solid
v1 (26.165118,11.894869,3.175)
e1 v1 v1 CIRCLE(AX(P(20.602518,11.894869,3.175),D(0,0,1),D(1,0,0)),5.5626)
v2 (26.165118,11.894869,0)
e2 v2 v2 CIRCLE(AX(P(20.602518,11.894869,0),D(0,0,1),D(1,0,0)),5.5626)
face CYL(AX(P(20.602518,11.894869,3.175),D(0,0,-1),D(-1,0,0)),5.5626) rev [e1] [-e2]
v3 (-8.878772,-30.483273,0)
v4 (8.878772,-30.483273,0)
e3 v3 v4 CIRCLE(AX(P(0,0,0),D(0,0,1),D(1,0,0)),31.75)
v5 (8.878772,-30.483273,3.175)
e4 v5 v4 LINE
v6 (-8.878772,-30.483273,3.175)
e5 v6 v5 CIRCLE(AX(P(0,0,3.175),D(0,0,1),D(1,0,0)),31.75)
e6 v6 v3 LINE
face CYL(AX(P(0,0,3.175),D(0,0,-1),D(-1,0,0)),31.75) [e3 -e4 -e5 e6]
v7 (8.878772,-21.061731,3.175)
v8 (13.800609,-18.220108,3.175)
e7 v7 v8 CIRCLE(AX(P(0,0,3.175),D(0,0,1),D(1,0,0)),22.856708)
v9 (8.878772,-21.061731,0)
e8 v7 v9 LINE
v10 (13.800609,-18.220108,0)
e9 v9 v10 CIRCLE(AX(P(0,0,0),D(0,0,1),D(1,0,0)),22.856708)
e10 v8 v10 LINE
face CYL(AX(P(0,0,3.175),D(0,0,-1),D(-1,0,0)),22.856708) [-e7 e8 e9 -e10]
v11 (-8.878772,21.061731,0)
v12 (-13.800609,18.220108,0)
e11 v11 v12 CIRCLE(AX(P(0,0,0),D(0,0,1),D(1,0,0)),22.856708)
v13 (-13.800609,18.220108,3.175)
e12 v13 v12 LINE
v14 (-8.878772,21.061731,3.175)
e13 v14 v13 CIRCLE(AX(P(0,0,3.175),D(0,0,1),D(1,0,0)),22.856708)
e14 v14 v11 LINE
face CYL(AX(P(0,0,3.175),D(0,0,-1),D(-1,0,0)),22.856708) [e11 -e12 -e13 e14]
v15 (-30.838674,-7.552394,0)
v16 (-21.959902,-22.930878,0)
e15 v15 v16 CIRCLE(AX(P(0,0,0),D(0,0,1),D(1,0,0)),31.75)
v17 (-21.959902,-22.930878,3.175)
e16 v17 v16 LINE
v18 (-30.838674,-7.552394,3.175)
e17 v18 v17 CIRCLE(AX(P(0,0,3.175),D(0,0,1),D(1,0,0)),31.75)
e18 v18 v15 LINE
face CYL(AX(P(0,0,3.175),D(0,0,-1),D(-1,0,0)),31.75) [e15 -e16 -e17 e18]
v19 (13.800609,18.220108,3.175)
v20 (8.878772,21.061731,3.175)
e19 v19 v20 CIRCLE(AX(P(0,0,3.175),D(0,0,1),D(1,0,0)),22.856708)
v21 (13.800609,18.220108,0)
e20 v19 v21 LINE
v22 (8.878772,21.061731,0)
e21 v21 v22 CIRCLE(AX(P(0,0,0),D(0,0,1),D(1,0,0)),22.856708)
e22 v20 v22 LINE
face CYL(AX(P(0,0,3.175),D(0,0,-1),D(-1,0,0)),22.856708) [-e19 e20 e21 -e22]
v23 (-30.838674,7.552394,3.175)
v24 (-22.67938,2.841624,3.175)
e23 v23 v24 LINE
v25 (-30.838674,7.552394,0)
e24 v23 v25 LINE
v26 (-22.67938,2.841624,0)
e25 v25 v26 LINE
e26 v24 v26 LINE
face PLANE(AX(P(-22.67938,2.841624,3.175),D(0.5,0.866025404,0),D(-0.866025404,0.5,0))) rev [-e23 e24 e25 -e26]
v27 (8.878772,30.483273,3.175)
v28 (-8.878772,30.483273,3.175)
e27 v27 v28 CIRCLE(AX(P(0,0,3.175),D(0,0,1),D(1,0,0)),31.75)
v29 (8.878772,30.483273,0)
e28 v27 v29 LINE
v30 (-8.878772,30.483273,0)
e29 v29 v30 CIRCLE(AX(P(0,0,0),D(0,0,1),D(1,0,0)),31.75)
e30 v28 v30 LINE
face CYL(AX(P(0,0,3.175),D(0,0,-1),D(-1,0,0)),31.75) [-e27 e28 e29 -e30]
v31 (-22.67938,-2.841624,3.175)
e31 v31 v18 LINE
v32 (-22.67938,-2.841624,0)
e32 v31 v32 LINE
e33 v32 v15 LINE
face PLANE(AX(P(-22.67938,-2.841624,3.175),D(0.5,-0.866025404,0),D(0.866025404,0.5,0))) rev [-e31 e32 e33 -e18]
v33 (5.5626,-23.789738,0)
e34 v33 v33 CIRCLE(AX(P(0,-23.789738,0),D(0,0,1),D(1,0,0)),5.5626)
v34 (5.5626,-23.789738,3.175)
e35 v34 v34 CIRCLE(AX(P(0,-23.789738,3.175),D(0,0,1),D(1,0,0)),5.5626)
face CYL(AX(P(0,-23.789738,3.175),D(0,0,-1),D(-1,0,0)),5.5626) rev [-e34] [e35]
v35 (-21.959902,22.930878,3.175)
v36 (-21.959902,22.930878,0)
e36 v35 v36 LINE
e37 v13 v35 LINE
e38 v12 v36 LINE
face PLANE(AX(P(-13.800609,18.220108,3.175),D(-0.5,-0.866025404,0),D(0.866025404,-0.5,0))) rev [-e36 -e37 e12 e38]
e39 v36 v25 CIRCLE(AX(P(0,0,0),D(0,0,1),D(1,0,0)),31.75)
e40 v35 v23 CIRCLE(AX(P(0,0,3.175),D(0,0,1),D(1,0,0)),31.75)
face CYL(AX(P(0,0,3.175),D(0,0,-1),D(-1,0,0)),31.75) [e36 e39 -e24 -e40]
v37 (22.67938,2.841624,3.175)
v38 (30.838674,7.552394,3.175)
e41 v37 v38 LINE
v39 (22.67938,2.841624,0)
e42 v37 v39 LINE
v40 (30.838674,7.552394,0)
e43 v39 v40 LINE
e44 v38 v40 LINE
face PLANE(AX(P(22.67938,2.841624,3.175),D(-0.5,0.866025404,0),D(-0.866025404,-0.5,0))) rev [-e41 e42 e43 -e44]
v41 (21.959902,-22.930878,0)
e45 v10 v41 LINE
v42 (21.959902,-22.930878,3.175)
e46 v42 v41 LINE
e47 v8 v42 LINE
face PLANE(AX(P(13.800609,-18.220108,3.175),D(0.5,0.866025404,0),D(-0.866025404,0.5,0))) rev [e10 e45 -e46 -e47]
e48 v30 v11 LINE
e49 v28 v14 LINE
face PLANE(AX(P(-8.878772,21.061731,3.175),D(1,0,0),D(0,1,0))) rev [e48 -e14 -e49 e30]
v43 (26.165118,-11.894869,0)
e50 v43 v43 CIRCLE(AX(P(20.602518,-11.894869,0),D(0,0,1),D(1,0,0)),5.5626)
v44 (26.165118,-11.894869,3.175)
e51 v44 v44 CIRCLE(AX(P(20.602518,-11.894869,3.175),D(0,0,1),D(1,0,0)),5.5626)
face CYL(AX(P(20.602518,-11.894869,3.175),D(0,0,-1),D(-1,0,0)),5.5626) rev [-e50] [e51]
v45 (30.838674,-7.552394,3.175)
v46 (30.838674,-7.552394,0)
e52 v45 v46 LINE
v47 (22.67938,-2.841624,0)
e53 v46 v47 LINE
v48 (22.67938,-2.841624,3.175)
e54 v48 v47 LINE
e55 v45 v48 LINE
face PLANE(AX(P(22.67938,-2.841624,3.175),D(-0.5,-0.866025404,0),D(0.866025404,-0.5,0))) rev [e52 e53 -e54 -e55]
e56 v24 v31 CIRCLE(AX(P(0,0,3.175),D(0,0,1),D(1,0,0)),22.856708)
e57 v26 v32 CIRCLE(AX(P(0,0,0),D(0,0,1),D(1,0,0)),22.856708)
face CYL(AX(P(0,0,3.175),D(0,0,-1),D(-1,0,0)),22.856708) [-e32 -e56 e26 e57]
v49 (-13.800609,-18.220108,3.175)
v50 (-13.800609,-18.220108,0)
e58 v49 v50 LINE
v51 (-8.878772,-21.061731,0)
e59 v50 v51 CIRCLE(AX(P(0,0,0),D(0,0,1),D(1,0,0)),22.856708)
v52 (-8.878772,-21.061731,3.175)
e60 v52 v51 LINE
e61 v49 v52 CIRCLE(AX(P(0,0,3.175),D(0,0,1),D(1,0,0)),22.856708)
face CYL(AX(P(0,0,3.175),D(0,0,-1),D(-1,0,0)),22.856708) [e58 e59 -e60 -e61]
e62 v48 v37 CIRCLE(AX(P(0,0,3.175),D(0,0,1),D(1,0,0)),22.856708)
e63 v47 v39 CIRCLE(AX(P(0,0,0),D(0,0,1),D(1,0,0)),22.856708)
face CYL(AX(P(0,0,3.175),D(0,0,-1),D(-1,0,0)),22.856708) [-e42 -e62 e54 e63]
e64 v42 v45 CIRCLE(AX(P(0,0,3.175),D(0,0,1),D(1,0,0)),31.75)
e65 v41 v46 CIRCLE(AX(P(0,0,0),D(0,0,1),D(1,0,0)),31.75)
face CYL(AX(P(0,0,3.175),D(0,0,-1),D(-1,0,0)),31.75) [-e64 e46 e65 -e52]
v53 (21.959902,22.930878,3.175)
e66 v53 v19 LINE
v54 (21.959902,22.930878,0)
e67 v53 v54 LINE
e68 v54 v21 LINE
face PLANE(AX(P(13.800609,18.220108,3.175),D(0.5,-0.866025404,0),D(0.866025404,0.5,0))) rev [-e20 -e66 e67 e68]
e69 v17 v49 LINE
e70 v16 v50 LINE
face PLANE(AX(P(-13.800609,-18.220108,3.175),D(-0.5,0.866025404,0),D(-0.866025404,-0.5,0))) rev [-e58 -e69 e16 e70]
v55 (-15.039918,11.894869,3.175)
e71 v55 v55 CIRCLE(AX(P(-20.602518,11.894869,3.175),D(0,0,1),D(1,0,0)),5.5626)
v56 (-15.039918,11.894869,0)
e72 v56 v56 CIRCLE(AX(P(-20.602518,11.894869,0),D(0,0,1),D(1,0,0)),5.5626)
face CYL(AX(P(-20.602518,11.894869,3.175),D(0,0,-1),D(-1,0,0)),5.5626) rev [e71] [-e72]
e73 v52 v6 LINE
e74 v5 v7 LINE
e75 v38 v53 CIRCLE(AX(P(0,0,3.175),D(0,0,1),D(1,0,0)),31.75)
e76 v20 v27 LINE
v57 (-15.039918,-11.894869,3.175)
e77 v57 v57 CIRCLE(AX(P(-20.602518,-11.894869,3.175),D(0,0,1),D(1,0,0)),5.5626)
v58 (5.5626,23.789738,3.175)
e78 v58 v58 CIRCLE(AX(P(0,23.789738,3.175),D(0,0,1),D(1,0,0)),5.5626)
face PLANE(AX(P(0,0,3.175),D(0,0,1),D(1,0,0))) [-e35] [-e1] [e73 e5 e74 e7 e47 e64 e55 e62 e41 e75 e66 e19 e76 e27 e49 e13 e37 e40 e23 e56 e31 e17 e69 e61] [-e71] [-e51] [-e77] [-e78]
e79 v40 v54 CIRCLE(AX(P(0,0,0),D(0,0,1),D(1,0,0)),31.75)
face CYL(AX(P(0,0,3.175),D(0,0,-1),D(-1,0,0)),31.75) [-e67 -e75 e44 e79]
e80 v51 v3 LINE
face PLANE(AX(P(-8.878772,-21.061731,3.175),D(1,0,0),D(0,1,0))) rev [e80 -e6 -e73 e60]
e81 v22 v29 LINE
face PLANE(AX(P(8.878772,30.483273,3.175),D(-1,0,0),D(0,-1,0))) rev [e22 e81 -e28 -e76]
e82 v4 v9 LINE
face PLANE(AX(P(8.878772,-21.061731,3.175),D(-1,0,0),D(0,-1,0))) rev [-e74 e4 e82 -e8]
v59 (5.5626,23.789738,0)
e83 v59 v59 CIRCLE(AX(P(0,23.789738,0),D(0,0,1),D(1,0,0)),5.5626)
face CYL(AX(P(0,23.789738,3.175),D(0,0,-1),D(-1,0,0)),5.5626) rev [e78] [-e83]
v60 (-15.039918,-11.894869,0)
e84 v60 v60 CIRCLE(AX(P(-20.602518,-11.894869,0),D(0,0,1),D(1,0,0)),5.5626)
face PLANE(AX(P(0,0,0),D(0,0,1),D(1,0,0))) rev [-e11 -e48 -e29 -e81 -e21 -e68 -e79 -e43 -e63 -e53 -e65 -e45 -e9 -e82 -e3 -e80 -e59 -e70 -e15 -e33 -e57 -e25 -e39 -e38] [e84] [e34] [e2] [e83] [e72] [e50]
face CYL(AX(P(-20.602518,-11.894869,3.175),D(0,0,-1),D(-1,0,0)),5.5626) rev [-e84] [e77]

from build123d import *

# Parameters (mm, degrees)
SKETCH1_R          = 31.75
SKETCH1_R_2        = 5.5626
EXTRUDE1_DEPTH     = 3.175
CUT_EXTRUDE1_DEPTH = 4.175


with BuildPart() as part:
    # Sketch1 → Extrude1 (new body)
    with BuildSketch(Plane.XY):
        Circle(SKETCH1_R)
        with Locations((0, 23.78973844)):
            Circle(SKETCH1_R_2, mode=Mode.SUBTRACT)
        with Locations((20.602517839, 11.89486922)):
            Circle(SKETCH1_R_2, mode=Mode.SUBTRACT)
        with Locations((20.602517839, -11.89486922)):
            Circle(SKETCH1_R_2, mode=Mode.SUBTRACT)
        with Locations((0, -23.78973844)):
            Circle(SKETCH1_R_2, mode=Mode.SUBTRACT)
        with Locations((-20.602517839, -11.89486922)):
            Circle(SKETCH1_R_2, mode=Mode.SUBTRACT)
        with Locations((-20.602517839, 11.89486922)):
            Circle(SKETCH1_R_2, mode=Mode.SUBTRACT)
    extrude(amount=EXTRUDE1_DEPTH)

    # Sketch2 → Cut-Extrude1 (cut, through all)
    with BuildSketch(Plane(origin=(0, 0, 0), x_dir=(-1, 0, 0), z_dir=(0, 0, -1))):
        with BuildLine():
            Line((8.878771943, 21.061731462), (8.878771943, 30.483272606))
            ThreePointArc((8.878771943, 30.483272606), (15.875, 27.49630657), (21.959902496, 22.93087836))
            Line((21.959902496, 22.93087836), (13.800608523, 18.220107788))
            ThreePointArc((13.800608523, 18.220107788), (11.42835425, 19.794490207), (8.878771943, 21.061731462))
        make_face()
        with BuildLine():
            Line((-8.878771943, 30.483272606), (-8.878771943, 21.061731462))
            ThreePointArc((-8.878771943, 21.061731462), (-11.42835425, 19.794490207), (-13.800608523, 18.220107788))
            Line((-13.800608523, 18.220107788), (-21.959902496, 22.93087836))
            ThreePointArc((-21.959902496, 22.93087836), (-15.875, 27.49630657), (-8.878771943, 30.483272606))
        make_face()
        with BuildLine():
            Line((22.679380466, 2.841623674), (30.838674439, 7.552394246))
            ThreePointArc((30.838674439, 7.552394246), (31.75, 0), (30.838674439, -7.552394246))
            Line((30.838674439, -7.552394246), (22.679380466, -2.841623674))
            ThreePointArc((22.679380466, -2.841623674), (22.856708499, 0), (22.679380466, 2.841623674))
        make_face()
        with BuildLine():
            Line((13.800608523, -18.220107788), (21.959902496, -22.93087836))
            ThreePointArc((21.959902496, -22.93087836), (15.875, -27.49630657), (8.878771943, -30.483272606))
            Line((8.878771943, -30.483272606), (8.878771943, -21.061731462))
            ThreePointArc((8.878771943, -21.061731462), (11.42835425, -19.794490207), (13.800608523, -18.220107788))
        make_face()
        with BuildLine():
            Line((-8.878771943, -21.061731462), (-8.878771943, -30.483272606))
            ThreePointArc((-8.878771943, -30.483272606), (-15.875, -27.49630657), (-21.959902496, -22.93087836))
            Line((-21.959902496, -22.93087836), (-13.800608523, -18.220107788))
            ThreePointArc((-13.800608523, -18.220107788), (-11.42835425, -19.794490207), (-8.878771943, -21.061731462))
        make_face()
        with BuildLine():
            Line((-22.679380466, -2.841623674), (-30.838674439, -7.552394246))
            ThreePointArc((-30.838674439, -7.552394246), (-31.75, 0), (-30.838674439, 7.552394246))
            Line((-30.838674439, 7.552394246), (-22.679380466, 2.841623674))
            ThreePointArc((-22.679380466, 2.841623674), (-22.856708499, 0), (-22.679380466, -2.841623674))
        make_face()
    extrude(amount=-CUT_EXTRUDE1_DEPTH, mode=Mode.SUBTRACT)


solid = part.part
